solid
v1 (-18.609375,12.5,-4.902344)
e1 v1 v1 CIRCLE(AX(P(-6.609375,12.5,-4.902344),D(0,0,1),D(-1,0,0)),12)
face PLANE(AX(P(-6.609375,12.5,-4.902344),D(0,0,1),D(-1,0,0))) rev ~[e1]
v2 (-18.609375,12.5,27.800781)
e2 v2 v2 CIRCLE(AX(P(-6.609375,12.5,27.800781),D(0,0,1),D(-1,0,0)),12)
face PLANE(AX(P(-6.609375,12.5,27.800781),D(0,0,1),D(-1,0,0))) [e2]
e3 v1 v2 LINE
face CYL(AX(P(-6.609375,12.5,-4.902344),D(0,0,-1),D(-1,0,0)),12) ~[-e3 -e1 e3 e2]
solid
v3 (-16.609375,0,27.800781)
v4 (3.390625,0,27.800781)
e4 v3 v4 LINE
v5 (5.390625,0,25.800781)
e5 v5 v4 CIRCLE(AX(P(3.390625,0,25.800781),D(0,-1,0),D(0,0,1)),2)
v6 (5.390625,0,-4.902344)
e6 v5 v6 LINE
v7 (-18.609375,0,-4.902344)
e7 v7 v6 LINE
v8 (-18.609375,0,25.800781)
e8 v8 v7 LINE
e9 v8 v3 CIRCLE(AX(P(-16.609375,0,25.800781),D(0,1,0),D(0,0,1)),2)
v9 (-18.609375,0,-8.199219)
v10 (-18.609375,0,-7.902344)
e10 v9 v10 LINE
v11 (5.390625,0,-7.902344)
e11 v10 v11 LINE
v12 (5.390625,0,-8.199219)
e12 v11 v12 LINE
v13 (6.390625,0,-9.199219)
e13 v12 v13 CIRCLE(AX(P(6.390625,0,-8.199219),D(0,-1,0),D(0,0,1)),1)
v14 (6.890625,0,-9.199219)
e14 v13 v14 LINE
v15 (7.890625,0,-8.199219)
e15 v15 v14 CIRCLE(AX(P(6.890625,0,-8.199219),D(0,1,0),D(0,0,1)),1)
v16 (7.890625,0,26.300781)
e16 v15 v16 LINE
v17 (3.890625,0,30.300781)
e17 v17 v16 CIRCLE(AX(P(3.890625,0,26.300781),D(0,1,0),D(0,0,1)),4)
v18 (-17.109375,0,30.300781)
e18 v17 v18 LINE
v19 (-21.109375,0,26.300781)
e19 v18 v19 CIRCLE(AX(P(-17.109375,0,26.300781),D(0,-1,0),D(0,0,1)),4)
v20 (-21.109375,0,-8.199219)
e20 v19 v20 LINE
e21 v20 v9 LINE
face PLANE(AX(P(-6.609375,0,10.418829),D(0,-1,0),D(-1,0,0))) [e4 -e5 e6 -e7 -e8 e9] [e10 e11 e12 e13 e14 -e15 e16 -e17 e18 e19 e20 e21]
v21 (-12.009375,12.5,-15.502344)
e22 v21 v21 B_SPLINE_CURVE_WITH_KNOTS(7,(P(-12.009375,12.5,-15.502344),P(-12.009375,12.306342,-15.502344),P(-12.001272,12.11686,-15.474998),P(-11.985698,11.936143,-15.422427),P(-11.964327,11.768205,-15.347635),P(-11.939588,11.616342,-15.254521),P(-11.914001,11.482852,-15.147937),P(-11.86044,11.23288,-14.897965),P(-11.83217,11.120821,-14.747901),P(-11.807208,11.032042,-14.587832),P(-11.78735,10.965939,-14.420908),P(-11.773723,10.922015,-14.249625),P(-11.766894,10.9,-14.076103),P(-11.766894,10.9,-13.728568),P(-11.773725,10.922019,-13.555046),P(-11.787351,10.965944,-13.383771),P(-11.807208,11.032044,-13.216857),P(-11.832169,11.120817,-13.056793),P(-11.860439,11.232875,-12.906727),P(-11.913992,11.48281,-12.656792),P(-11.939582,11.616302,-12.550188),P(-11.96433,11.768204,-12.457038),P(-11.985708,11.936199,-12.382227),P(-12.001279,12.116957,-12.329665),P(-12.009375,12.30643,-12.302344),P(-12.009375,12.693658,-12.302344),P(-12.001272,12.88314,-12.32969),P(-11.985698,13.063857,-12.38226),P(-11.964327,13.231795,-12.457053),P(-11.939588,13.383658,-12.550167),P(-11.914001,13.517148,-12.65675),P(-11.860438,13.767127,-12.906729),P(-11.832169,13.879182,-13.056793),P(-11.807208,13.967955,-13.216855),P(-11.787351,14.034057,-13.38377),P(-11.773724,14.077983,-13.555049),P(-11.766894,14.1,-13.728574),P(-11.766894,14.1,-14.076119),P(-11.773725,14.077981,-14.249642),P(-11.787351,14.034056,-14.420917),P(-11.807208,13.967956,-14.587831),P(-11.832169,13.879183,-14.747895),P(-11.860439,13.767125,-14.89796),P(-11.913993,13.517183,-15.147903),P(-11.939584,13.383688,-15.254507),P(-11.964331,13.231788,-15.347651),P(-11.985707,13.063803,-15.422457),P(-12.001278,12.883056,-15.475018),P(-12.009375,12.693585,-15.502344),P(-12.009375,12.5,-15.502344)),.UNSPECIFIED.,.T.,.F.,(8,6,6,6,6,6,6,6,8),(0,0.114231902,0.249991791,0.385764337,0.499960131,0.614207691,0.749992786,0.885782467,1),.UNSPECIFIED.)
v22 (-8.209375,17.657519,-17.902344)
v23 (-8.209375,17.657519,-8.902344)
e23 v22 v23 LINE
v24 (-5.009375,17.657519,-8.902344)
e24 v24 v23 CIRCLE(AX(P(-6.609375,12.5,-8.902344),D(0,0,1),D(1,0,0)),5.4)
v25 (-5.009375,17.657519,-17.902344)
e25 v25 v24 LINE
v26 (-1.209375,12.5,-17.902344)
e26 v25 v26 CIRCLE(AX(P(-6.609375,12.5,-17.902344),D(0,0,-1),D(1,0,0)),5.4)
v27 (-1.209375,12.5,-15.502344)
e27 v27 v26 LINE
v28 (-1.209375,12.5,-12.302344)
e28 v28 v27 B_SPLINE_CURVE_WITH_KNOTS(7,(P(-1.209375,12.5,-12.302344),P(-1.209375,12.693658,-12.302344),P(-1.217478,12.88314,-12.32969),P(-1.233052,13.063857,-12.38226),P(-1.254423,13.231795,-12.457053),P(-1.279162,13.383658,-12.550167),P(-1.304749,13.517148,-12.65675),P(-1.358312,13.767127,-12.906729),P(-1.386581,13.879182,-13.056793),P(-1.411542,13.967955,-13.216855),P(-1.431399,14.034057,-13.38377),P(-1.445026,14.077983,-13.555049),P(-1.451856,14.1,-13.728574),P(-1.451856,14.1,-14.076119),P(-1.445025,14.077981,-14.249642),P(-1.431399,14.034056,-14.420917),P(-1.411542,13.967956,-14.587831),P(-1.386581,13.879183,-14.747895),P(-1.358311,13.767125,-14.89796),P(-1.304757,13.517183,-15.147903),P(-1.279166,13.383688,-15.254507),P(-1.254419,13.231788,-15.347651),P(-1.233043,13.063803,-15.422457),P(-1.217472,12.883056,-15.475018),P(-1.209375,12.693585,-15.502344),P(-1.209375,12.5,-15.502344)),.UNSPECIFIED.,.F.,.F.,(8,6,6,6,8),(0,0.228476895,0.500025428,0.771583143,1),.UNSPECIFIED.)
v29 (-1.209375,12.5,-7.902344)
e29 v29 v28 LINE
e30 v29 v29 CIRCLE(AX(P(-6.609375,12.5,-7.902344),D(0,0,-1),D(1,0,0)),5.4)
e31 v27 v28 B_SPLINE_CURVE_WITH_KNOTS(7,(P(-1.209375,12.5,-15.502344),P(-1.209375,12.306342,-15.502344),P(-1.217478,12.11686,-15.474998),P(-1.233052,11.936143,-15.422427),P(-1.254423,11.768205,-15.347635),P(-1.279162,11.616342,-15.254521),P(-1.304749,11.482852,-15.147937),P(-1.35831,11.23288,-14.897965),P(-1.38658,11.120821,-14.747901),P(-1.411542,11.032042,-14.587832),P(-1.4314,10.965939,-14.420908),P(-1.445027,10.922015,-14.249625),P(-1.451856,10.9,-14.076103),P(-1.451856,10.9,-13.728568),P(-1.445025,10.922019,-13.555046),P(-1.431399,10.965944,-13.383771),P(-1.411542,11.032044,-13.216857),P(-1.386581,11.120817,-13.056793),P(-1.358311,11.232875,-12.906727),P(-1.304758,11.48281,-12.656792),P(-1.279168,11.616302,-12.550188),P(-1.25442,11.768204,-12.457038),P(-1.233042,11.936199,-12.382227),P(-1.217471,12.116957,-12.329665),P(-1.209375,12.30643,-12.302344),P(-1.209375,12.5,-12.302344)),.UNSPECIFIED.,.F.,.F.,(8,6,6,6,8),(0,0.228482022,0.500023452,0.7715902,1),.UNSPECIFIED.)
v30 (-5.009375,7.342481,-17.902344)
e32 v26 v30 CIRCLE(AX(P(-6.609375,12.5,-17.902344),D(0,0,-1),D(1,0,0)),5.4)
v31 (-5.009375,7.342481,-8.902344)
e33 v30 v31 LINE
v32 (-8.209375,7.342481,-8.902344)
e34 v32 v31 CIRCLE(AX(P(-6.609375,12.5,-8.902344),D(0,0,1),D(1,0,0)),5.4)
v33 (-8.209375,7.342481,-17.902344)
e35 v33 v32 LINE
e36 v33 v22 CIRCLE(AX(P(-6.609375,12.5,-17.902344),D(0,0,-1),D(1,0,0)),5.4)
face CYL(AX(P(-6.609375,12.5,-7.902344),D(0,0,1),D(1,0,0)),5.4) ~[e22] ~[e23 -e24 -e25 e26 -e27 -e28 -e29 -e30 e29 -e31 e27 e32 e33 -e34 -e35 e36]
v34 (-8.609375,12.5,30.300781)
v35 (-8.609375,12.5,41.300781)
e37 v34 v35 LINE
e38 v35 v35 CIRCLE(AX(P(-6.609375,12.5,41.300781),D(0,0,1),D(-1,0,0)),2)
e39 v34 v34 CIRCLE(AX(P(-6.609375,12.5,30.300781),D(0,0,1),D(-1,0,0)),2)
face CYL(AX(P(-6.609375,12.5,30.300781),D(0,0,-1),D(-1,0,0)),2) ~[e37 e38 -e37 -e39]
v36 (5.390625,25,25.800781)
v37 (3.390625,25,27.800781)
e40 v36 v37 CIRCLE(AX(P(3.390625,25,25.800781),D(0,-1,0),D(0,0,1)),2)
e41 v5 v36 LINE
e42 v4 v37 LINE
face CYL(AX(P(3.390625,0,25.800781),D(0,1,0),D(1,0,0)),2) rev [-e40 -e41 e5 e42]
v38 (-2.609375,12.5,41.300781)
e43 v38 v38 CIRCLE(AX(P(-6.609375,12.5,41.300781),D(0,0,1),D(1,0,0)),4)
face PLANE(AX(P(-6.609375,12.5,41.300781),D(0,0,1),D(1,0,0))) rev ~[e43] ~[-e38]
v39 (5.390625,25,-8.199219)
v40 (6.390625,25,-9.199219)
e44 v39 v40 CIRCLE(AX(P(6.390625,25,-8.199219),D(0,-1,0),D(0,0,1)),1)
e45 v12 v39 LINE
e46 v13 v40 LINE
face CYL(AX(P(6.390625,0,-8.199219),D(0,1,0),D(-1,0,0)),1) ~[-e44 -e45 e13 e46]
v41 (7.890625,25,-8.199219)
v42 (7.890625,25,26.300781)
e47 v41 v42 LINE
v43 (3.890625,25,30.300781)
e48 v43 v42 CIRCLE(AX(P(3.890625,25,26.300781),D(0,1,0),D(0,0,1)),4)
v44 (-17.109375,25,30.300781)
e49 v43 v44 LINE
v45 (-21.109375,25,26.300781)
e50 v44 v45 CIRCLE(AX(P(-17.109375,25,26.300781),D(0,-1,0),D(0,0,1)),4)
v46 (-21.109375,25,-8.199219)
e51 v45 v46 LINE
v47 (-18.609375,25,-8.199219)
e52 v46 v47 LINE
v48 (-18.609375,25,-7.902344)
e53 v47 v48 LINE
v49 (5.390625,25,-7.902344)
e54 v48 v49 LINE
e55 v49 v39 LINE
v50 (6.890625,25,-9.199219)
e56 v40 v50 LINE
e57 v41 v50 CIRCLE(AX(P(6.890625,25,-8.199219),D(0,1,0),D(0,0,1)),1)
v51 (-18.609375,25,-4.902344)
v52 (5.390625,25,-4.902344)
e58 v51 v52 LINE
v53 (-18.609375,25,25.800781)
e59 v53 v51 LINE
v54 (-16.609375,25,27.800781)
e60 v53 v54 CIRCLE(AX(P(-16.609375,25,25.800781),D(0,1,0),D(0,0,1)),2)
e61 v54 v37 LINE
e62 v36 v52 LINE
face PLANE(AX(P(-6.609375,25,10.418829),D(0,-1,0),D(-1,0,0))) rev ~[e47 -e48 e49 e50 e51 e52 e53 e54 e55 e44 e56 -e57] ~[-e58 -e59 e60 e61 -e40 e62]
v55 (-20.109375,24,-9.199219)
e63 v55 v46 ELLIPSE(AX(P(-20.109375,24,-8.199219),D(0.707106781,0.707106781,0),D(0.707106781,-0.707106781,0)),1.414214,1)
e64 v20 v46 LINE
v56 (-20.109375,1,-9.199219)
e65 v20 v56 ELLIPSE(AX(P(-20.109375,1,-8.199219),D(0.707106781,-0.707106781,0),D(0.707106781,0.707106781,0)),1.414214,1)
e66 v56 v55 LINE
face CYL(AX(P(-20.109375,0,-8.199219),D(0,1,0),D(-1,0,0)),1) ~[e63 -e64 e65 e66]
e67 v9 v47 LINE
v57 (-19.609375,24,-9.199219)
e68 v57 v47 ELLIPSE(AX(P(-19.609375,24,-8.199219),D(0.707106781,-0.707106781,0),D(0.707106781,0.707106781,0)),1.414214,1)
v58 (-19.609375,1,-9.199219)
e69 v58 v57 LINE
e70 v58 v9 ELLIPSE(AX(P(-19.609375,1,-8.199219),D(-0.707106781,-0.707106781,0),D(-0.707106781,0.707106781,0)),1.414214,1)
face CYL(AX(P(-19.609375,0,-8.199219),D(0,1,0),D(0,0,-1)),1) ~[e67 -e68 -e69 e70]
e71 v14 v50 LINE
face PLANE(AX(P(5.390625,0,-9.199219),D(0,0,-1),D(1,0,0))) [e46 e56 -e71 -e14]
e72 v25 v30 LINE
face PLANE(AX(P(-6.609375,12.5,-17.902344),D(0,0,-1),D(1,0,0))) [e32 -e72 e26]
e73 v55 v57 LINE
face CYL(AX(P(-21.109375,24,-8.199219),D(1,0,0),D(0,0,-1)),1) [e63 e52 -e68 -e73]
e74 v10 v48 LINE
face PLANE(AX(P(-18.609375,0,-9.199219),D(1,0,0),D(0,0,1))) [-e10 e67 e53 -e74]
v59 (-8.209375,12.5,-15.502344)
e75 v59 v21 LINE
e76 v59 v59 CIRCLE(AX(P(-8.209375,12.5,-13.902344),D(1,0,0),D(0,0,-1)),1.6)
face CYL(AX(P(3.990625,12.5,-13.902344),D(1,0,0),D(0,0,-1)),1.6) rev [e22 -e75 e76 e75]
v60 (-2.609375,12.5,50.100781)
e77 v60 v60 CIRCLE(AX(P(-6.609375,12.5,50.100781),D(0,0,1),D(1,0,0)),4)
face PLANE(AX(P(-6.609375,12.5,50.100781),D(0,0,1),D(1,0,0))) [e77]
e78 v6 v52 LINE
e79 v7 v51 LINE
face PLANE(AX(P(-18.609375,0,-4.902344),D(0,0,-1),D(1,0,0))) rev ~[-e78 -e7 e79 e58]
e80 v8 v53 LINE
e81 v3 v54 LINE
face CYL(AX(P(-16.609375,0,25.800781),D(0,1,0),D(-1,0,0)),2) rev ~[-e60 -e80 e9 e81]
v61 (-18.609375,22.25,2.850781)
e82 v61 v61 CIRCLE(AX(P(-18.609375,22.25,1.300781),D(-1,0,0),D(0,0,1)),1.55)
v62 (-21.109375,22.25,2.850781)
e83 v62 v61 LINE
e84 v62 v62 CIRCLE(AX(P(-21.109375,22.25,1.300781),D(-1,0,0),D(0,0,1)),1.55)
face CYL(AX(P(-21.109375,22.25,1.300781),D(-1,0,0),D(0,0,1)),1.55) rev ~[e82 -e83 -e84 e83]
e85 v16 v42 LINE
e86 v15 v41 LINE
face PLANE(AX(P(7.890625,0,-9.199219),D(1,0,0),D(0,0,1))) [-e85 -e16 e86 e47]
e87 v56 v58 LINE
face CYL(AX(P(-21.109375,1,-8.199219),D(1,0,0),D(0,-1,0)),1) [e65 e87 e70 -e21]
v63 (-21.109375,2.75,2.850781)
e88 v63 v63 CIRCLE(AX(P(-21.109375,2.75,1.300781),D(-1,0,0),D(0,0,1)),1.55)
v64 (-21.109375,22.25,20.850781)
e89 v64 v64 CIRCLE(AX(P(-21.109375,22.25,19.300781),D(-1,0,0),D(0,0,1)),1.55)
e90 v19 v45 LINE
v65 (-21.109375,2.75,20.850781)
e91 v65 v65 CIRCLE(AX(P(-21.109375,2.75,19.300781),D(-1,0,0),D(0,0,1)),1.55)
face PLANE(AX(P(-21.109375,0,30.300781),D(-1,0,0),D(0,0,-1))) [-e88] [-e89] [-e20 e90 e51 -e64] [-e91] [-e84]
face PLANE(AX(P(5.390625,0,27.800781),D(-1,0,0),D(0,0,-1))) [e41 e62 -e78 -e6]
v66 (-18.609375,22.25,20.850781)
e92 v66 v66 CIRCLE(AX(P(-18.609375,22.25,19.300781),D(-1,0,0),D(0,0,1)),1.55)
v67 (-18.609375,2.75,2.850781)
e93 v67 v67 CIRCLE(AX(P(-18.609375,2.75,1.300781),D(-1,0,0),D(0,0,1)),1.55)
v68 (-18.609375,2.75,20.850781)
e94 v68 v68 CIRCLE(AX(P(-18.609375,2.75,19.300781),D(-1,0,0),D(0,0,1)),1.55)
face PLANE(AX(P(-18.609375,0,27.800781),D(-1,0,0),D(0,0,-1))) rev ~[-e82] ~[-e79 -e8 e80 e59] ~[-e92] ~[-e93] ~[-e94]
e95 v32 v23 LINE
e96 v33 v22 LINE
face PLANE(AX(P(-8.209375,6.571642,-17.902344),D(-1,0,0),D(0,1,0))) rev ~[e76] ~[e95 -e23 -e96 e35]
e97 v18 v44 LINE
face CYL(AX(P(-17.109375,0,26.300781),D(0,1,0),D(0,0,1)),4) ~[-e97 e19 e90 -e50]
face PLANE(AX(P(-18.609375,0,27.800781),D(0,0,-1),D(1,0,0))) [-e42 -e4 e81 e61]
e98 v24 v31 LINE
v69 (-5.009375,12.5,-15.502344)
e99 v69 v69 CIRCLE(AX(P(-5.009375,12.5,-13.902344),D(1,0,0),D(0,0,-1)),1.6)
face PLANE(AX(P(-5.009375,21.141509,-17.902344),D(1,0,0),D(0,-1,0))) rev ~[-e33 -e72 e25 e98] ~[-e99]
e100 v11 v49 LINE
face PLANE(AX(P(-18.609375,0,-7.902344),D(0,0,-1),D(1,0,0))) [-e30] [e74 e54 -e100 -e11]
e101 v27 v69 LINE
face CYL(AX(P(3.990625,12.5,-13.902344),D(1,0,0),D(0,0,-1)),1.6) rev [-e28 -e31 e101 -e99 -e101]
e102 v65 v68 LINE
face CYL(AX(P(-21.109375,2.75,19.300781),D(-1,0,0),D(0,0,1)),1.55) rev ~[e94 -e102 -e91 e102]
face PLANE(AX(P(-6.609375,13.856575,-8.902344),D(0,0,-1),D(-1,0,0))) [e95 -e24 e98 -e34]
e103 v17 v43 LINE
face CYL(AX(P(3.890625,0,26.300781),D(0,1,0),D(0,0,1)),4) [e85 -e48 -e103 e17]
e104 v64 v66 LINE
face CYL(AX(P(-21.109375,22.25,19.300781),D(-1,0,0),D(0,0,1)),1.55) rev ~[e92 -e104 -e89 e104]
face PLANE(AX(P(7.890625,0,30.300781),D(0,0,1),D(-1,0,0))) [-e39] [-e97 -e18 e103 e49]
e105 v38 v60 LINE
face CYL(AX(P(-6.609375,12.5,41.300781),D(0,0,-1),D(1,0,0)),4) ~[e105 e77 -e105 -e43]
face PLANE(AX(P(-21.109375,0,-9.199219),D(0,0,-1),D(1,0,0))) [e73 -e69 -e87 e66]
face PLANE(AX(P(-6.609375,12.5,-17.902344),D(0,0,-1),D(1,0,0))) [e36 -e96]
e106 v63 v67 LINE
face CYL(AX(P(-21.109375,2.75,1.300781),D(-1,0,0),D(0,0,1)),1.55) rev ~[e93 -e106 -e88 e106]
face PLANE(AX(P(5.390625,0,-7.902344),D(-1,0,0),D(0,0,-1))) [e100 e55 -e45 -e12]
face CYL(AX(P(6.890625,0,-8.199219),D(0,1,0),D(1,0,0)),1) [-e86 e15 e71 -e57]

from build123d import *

# Parameters (mm, degrees)
SKETCH1_W               = 24
SKETCH1_H               = 32.703125
BOSS_EXTRUDE1_DEPTH     = 25
SKETCH3_R               = 12
BOSS_EXTRUDE7_DEPTH     = 32.703125
SKETCH4_R               = 2
BOSS_EXTRUDE8_DEPTH     = 11
SKETCH5_R               = 4
BOSS_EXTRUDE9_DEPTH     = 8.8
SKETCH6_R               = 1.55
CUT_EXTRUDE1_DEPTH      = 2.5
SKETCH7_R               = 5.4
BOSS_EXTRUDE10_DEPTH    = 10
CUT_EXTRUDE2_DEPTH      = 9
CUT_EXTRUDE3_DEPTH      = 9
CUT_EXTRUDE3_DEPTH_BACK = 9
SKETCH10_R              = 1.6
FILLET1_R               = 4
FILLET2_R               = 2
FILLET3_R               = 1


with BuildPart() as part:
    # Sketch1 → Boss-Extrude1 (new body)
    with BuildSketch(Plane(origin=(0, 0, 0), x_dir=(1, 0, 0), z_dir=(0, 1, 0))):
        Polygon((-21.109375, 9.19921875), (-18.609375, 9.19921875), (-18.609375, 7.90234375), (5.390625, 7.90234375), (5.390625, 9.19921875), (7.890625, 9.19921875), (7.890625, -30.30078125), (-21.109375, -30.30078125), align=None)
        with Locations((-6.609375, -11.44921875)):
            Rectangle(SKETCH1_W, SKETCH1_H, mode=Mode.SUBTRACT)
    extrude(amount=BOSS_EXTRUDE1_DEPTH)

    # Sketch4 → Boss-Extrude8 (add)
    with BuildSketch(Plane.XY.offset(30.30078125)):
        with Locations(Location((-6.609375, 12.5, 0), (0, 0, 180))):
            Circle(SKETCH4_R)
    extrude(amount=BOSS_EXTRUDE8_DEPTH)

    # Sketch5 → Boss-Extrude9 (add)
    with BuildSketch(Plane.XY.offset(41.30078125)):
        with Locations((-6.609375, 12.5)):
            Circle(SKETCH5_R)
    extrude(amount=BOSS_EXTRUDE9_DEPTH)

    # Sketch6 → Cut-Extrude1 (cut)
    with BuildSketch(Plane.ZY.offset(21.109375)):
        with Locations((1.30078125, 2.75)):
            Circle(SKETCH6_R)
        with Locations((1.30078125, 22.25)):
            Circle(SKETCH6_R)
        with Locations((19.30078125, 22.25)):
            Circle(SKETCH6_R)
        with Locations((19.30078125, 2.75)):
            Circle(SKETCH6_R)
    extrude(amount=-CUT_EXTRUDE1_DEPTH, mode=Mode.SUBTRACT)

    # Sketch7 → Boss-Extrude10 (add)
    with BuildSketch(Plane(origin=(0, 0, -7.90234375), x_dir=(-1, 0, 0), z_dir=(0, 0, -1))):
        with Locations(Location((6.609375, 12.5, 0), (0, 0, 180))):
            Circle(SKETCH7_R)
    extrude(amount=BOSS_EXTRUDE10_DEPTH)

    # Sketch8 → Cut-Extrude2 (cut)
    with BuildSketch(Plane(origin=(0, 0, -17.90234375), x_dir=(-1, 0, 0), z_dir=(0, 0, -1))):
        Polygon((6.609375, 6.57164194), (8.209375, 6.57164194), (8.209375, 21.141508998), (5.009375, 21.141508998), (5.009375, 6.57164194), align=None)
    extrude(amount=-CUT_EXTRUDE2_DEPTH, mode=Mode.SUBTRACT)

    # Sketch10 → Cut-Extrude3 (cut, two sides: drawn at the far end of the back side and taken through both)
    with BuildSketch(Plane.ZY.offset(5.009375).offset(-CUT_EXTRUDE3_DEPTH_BACK)):
        with Locations(Location((-13.90234375, 12.5, 0), (0, 0, 180))):
            Circle(SKETCH10_R)
    extrude(amount=CUT_EXTRUDE3_DEPTH + CUT_EXTRUDE3_DEPTH_BACK, mode=Mode.SUBTRACT)

    # Fillet1
    fillet1_edges = [part.edges().sort_by_distance(p)[0] for p in [
        (7.890625, 12.5, 30.30078125),
        (-21.109375, 12.5, 30.30078125),
    ]]
    fillet(fillet1_edges, radius=FILLET1_R)

    # Fillet2
    fillet2_edges = [part.edges().sort_by_distance(p)[0] for p in [
        (-18.609375, 12.5, 27.80078125),
        (5.390625, 12.5, 27.80078125),
    ]]
    fillet(fillet2_edges, radius=FILLET2_R)

    # Fillet3
    fillet3_edges = [part.edges().sort_by_distance(p)[0] for p in [
        (-18.609375, 12.5, -9.19921875),
        (-19.859375, 25, -9.19921875),
        (-21.109375, 12.5, -9.19921875),
        (-19.859375, 0, -9.19921875),
        (5.390625, 12.5, -9.19921875),
        (7.890625, 12.5, -9.19921875),
    ]]
    fillet(fillet3_edges, radius=FILLET3_R)


with BuildPart() as body_2:
    # Sketch3 → Boss-Extrude7 (new body)
    with BuildSketch(Plane.XY.offset(-4.90234375)):
        with Locations(Location((-6.609375, 12.5, 0), (0, 0, 180))):
            Circle(SKETCH3_R)
    extrude(amount=BOSS_EXTRUDE7_DEPTH)


solid = Compound([part.part, body_2.part])
